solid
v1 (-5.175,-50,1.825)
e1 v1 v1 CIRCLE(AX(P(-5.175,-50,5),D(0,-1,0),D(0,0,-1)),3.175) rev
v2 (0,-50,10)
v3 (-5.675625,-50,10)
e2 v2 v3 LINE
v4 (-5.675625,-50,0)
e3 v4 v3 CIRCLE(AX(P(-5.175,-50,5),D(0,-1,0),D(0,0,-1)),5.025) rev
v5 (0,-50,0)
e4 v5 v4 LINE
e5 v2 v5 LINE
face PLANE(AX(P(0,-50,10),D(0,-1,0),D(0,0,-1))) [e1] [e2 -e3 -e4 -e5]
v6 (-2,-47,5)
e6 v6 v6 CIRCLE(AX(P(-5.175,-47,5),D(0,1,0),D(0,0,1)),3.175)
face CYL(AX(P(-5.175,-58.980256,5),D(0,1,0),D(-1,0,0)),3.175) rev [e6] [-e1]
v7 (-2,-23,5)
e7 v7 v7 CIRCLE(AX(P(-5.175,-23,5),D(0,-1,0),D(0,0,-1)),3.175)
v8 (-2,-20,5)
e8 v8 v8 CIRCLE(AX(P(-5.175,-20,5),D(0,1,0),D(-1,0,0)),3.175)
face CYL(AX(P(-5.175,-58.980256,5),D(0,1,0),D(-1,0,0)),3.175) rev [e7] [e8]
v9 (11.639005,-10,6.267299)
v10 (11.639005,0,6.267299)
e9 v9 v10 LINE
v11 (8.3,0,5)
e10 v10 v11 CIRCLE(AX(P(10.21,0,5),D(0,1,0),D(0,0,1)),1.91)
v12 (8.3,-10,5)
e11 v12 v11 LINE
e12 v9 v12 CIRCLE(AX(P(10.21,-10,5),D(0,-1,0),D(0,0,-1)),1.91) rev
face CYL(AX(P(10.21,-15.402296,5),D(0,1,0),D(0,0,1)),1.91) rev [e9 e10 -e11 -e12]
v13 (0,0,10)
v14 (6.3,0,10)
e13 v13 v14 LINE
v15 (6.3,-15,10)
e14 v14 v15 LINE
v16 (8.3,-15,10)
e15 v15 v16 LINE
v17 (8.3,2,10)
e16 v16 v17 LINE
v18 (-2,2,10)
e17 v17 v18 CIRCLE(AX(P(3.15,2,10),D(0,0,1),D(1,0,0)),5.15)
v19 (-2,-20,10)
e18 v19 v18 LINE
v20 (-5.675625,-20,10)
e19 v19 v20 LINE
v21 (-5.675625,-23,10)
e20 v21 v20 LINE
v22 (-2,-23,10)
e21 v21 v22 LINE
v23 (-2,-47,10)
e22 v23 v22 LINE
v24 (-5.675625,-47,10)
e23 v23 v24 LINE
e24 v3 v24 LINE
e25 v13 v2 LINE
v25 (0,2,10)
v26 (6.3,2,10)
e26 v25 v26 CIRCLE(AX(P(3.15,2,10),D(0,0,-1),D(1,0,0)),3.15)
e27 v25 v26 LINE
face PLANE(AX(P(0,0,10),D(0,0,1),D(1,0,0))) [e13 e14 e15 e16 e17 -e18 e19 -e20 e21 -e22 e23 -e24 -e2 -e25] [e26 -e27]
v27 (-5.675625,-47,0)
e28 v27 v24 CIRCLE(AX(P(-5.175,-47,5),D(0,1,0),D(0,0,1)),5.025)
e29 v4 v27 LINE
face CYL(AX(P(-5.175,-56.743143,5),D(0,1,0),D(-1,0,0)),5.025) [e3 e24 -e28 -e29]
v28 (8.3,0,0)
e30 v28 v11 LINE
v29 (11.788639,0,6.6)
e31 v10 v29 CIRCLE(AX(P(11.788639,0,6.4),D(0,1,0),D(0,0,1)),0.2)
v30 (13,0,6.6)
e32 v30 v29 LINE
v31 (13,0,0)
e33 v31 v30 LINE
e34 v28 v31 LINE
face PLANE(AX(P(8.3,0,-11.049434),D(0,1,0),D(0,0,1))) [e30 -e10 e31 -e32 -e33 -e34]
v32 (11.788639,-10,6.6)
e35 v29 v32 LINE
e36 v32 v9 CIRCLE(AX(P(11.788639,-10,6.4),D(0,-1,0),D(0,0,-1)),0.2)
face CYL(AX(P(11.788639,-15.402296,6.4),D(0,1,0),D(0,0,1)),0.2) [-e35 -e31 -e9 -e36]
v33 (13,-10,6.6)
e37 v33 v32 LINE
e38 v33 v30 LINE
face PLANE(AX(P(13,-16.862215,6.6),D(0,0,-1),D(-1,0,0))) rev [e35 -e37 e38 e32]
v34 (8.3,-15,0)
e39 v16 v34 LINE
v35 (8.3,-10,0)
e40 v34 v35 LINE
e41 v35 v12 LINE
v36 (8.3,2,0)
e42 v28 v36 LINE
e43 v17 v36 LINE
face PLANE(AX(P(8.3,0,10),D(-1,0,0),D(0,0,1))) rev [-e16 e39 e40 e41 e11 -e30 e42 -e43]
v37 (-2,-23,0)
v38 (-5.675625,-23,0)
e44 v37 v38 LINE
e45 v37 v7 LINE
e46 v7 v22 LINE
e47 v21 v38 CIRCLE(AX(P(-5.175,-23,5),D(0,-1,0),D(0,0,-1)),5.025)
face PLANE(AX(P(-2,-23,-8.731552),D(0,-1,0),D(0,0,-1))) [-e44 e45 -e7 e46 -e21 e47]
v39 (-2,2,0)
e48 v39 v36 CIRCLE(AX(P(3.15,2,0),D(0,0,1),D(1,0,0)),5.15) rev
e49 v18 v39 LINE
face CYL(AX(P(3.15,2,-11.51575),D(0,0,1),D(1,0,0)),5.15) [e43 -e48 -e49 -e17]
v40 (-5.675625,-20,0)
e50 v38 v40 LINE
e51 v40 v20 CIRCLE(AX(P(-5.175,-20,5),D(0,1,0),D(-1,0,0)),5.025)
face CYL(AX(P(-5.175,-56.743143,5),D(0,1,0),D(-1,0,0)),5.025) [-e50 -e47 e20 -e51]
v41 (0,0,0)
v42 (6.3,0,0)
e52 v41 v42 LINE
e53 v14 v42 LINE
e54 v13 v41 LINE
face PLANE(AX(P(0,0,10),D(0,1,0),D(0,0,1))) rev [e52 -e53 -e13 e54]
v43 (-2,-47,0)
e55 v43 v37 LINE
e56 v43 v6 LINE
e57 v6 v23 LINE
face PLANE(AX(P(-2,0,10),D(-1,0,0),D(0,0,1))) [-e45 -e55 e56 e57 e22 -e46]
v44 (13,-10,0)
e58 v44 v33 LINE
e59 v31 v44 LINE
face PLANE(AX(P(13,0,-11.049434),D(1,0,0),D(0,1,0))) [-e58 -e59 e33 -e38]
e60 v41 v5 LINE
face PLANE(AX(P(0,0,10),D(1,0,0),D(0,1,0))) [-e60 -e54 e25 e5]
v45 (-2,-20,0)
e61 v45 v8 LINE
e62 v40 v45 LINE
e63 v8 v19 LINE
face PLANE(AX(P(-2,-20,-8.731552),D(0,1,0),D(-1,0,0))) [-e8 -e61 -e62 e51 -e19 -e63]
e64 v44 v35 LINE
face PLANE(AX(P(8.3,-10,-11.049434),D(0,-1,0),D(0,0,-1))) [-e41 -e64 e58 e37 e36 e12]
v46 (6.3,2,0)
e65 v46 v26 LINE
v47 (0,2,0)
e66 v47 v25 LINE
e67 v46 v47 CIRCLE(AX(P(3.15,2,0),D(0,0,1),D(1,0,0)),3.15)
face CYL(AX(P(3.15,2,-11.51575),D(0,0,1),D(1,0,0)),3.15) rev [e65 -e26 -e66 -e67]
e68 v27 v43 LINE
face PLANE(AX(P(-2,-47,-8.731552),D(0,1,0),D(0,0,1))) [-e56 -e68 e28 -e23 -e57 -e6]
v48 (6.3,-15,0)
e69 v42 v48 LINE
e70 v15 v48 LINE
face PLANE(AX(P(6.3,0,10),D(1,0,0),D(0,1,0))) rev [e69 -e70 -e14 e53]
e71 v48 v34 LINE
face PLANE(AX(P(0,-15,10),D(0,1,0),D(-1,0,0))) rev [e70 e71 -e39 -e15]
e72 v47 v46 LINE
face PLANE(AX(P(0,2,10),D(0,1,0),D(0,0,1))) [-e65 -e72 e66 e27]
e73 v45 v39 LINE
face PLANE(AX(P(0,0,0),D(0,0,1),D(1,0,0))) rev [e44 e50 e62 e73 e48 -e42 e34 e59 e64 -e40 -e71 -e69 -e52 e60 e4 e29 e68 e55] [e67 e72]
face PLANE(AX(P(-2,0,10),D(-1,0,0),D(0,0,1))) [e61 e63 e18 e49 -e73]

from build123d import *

# Parameters (mm, degrees)
SKETCH1_W           = 2
SKETCH1_H           = 50
SKETCH1_H_2         = 15
BOSS_EXTRUDE1_DEPTH = 10
SKETCH2_W           = 8.2
SKETCH2_H           = 3
BOSS_EXTRUDE2_DEPTH = 10
SKETCH3_R           = 3.175
CUT_EXTRUDE1_DEPTH  = 30
CUT_EXTRUDE2_DEPTH  = 30
BOSS_EXTRUDE3_DEPTH = 10
SKETCH6_W           = 4.7
SKETCH6_H           = 10
BOSS_EXTRUDE4_DEPTH = 10
SKETCH7_R           = 1.91
CUT_EXTRUDE3_DEPTH  = 10
CUT_EXTRUDE4_DEPTH  = 10
FILLET1_R           = 0.2


with BuildPart() as part:
    # Sketch1 → Boss-Extrude1 (new body)
    with BuildSketch(Plane.XY):
        with Locations((-1, -25)):
            Rectangle(SKETCH1_W, SKETCH1_H)
        Polygon((-2, 0), (0, 0), (6.3, 0), (8.3, 0), (8.3, 2), (-2, 2), align=None)
        with Locations((7.3, -7.5)):
            Rectangle(SKETCH1_W, SKETCH1_H_2)
    extrude(amount=BOSS_EXTRUDE1_DEPTH)

    # Sketch2 → Boss-Extrude2 (add)
    with BuildSketch(Plane.XY.offset(10)):
        with Locations((-6.1, -48.5)):
            Rectangle(SKETCH2_W, SKETCH2_H)
        with Locations((-6.1, -21.5)):
            Rectangle(SKETCH2_W, SKETCH2_H)
    extrude(amount=-BOSS_EXTRUDE2_DEPTH)

    # Sketch3 → Cut-Extrude1 (cut)
    with BuildSketch(Plane(origin=(0, -20, 0), x_dir=(1, 0, 0), z_dir=(0, 1, 0))):
        with Locations((-5.175, -5)):
            Circle(SKETCH3_R)
    extrude(amount=-CUT_EXTRUDE1_DEPTH, mode=Mode.SUBTRACT)

    # Sketch4 → Cut-Extrude2 (cut)
    with BuildSketch(Plane(origin=(0, -20, 0), x_dir=(1, 0, 0), z_dir=(0, 1, 0))):
        with BuildLine():
            Line((-5.67562461, 0), (-10.2, 0))
            Line((-10.2, 0), (-10.2, -5))
            ThreePointArc((-10.2, -5), (-8.901007492, -1.62842868), (-5.67562461, 0))
        make_face()
        with BuildLine():
            ThreePointArc((-5.67562461, -10), (-8.901007492, -8.37157132), (-10.2, -5))
            Line((-10.2, -5), (-10.2, -10))
            Line((-10.2, -10), (-5.67562461, -10))
        make_face()
    extrude(amount=-CUT_EXTRUDE2_DEPTH, mode=Mode.SUBTRACT)

    # Sketch5 → Boss-Extrude3 (add)
    with BuildSketch(Plane.XY.offset(10)):
        with BuildLine():
            Line((-2, 2), (0, 2))
            ThreePointArc((0, 2), (3.15, 5.15), (6.3, 2))
            Line((6.3, 2), (8.3, 2))
            ThreePointArc((8.3, 2), (3.15, 7.15), (-2, 2))
        make_face()
    extrude(amount=-BOSS_EXTRUDE3_DEPTH)

    # Sketch6 → Boss-Extrude4 (add)
    with BuildSketch(Plane.XY.offset(10)):
        with Locations((10.65, -5)):
            Rectangle(SKETCH6_W, SKETCH6_H)
    extrude(amount=-BOSS_EXTRUDE4_DEPTH)

    # Sketch7 → Cut-Extrude3 (cut)
    with BuildSketch(Plane(origin=(0, 0, 0), x_dir=(1, 0, 0), z_dir=(0, 1, 0))):
        with Locations((10.21, -5)):
            Circle(SKETCH7_R)
    extrude(amount=-CUT_EXTRUDE3_DEPTH, mode=Mode.SUBTRACT)

    # Sketch8 → Cut-Extrude4 (cut)
    with BuildSketch(Plane(origin=(0, 0, 0), x_dir=(1, 0, 0), z_dir=(0, 1, 0))):
        with BuildLine():
            Line((13, -6.6), (13, -10))
            Line((13, -10), (8.3, -10))
            Line((8.3, -10), (8.3, -5))
            ThreePointArc((8.3, -5), (9.30012633, -6.679354014), (11.253120319, -6.6))
            Line((11.253120319, -6.6), (13, -6.6))
        make_face()
    extrude(amount=-CUT_EXTRUDE4_DEPTH, mode=Mode.SUBTRACT)

    # Fillet1
    fillet1_edges = [part.edges().sort_by_distance(p)[0] for p in [
        (11.253120319, -5, 6.6),
    ]]
    fillet(fillet1_edges, radius=FILLET1_R)


solid = part.part
